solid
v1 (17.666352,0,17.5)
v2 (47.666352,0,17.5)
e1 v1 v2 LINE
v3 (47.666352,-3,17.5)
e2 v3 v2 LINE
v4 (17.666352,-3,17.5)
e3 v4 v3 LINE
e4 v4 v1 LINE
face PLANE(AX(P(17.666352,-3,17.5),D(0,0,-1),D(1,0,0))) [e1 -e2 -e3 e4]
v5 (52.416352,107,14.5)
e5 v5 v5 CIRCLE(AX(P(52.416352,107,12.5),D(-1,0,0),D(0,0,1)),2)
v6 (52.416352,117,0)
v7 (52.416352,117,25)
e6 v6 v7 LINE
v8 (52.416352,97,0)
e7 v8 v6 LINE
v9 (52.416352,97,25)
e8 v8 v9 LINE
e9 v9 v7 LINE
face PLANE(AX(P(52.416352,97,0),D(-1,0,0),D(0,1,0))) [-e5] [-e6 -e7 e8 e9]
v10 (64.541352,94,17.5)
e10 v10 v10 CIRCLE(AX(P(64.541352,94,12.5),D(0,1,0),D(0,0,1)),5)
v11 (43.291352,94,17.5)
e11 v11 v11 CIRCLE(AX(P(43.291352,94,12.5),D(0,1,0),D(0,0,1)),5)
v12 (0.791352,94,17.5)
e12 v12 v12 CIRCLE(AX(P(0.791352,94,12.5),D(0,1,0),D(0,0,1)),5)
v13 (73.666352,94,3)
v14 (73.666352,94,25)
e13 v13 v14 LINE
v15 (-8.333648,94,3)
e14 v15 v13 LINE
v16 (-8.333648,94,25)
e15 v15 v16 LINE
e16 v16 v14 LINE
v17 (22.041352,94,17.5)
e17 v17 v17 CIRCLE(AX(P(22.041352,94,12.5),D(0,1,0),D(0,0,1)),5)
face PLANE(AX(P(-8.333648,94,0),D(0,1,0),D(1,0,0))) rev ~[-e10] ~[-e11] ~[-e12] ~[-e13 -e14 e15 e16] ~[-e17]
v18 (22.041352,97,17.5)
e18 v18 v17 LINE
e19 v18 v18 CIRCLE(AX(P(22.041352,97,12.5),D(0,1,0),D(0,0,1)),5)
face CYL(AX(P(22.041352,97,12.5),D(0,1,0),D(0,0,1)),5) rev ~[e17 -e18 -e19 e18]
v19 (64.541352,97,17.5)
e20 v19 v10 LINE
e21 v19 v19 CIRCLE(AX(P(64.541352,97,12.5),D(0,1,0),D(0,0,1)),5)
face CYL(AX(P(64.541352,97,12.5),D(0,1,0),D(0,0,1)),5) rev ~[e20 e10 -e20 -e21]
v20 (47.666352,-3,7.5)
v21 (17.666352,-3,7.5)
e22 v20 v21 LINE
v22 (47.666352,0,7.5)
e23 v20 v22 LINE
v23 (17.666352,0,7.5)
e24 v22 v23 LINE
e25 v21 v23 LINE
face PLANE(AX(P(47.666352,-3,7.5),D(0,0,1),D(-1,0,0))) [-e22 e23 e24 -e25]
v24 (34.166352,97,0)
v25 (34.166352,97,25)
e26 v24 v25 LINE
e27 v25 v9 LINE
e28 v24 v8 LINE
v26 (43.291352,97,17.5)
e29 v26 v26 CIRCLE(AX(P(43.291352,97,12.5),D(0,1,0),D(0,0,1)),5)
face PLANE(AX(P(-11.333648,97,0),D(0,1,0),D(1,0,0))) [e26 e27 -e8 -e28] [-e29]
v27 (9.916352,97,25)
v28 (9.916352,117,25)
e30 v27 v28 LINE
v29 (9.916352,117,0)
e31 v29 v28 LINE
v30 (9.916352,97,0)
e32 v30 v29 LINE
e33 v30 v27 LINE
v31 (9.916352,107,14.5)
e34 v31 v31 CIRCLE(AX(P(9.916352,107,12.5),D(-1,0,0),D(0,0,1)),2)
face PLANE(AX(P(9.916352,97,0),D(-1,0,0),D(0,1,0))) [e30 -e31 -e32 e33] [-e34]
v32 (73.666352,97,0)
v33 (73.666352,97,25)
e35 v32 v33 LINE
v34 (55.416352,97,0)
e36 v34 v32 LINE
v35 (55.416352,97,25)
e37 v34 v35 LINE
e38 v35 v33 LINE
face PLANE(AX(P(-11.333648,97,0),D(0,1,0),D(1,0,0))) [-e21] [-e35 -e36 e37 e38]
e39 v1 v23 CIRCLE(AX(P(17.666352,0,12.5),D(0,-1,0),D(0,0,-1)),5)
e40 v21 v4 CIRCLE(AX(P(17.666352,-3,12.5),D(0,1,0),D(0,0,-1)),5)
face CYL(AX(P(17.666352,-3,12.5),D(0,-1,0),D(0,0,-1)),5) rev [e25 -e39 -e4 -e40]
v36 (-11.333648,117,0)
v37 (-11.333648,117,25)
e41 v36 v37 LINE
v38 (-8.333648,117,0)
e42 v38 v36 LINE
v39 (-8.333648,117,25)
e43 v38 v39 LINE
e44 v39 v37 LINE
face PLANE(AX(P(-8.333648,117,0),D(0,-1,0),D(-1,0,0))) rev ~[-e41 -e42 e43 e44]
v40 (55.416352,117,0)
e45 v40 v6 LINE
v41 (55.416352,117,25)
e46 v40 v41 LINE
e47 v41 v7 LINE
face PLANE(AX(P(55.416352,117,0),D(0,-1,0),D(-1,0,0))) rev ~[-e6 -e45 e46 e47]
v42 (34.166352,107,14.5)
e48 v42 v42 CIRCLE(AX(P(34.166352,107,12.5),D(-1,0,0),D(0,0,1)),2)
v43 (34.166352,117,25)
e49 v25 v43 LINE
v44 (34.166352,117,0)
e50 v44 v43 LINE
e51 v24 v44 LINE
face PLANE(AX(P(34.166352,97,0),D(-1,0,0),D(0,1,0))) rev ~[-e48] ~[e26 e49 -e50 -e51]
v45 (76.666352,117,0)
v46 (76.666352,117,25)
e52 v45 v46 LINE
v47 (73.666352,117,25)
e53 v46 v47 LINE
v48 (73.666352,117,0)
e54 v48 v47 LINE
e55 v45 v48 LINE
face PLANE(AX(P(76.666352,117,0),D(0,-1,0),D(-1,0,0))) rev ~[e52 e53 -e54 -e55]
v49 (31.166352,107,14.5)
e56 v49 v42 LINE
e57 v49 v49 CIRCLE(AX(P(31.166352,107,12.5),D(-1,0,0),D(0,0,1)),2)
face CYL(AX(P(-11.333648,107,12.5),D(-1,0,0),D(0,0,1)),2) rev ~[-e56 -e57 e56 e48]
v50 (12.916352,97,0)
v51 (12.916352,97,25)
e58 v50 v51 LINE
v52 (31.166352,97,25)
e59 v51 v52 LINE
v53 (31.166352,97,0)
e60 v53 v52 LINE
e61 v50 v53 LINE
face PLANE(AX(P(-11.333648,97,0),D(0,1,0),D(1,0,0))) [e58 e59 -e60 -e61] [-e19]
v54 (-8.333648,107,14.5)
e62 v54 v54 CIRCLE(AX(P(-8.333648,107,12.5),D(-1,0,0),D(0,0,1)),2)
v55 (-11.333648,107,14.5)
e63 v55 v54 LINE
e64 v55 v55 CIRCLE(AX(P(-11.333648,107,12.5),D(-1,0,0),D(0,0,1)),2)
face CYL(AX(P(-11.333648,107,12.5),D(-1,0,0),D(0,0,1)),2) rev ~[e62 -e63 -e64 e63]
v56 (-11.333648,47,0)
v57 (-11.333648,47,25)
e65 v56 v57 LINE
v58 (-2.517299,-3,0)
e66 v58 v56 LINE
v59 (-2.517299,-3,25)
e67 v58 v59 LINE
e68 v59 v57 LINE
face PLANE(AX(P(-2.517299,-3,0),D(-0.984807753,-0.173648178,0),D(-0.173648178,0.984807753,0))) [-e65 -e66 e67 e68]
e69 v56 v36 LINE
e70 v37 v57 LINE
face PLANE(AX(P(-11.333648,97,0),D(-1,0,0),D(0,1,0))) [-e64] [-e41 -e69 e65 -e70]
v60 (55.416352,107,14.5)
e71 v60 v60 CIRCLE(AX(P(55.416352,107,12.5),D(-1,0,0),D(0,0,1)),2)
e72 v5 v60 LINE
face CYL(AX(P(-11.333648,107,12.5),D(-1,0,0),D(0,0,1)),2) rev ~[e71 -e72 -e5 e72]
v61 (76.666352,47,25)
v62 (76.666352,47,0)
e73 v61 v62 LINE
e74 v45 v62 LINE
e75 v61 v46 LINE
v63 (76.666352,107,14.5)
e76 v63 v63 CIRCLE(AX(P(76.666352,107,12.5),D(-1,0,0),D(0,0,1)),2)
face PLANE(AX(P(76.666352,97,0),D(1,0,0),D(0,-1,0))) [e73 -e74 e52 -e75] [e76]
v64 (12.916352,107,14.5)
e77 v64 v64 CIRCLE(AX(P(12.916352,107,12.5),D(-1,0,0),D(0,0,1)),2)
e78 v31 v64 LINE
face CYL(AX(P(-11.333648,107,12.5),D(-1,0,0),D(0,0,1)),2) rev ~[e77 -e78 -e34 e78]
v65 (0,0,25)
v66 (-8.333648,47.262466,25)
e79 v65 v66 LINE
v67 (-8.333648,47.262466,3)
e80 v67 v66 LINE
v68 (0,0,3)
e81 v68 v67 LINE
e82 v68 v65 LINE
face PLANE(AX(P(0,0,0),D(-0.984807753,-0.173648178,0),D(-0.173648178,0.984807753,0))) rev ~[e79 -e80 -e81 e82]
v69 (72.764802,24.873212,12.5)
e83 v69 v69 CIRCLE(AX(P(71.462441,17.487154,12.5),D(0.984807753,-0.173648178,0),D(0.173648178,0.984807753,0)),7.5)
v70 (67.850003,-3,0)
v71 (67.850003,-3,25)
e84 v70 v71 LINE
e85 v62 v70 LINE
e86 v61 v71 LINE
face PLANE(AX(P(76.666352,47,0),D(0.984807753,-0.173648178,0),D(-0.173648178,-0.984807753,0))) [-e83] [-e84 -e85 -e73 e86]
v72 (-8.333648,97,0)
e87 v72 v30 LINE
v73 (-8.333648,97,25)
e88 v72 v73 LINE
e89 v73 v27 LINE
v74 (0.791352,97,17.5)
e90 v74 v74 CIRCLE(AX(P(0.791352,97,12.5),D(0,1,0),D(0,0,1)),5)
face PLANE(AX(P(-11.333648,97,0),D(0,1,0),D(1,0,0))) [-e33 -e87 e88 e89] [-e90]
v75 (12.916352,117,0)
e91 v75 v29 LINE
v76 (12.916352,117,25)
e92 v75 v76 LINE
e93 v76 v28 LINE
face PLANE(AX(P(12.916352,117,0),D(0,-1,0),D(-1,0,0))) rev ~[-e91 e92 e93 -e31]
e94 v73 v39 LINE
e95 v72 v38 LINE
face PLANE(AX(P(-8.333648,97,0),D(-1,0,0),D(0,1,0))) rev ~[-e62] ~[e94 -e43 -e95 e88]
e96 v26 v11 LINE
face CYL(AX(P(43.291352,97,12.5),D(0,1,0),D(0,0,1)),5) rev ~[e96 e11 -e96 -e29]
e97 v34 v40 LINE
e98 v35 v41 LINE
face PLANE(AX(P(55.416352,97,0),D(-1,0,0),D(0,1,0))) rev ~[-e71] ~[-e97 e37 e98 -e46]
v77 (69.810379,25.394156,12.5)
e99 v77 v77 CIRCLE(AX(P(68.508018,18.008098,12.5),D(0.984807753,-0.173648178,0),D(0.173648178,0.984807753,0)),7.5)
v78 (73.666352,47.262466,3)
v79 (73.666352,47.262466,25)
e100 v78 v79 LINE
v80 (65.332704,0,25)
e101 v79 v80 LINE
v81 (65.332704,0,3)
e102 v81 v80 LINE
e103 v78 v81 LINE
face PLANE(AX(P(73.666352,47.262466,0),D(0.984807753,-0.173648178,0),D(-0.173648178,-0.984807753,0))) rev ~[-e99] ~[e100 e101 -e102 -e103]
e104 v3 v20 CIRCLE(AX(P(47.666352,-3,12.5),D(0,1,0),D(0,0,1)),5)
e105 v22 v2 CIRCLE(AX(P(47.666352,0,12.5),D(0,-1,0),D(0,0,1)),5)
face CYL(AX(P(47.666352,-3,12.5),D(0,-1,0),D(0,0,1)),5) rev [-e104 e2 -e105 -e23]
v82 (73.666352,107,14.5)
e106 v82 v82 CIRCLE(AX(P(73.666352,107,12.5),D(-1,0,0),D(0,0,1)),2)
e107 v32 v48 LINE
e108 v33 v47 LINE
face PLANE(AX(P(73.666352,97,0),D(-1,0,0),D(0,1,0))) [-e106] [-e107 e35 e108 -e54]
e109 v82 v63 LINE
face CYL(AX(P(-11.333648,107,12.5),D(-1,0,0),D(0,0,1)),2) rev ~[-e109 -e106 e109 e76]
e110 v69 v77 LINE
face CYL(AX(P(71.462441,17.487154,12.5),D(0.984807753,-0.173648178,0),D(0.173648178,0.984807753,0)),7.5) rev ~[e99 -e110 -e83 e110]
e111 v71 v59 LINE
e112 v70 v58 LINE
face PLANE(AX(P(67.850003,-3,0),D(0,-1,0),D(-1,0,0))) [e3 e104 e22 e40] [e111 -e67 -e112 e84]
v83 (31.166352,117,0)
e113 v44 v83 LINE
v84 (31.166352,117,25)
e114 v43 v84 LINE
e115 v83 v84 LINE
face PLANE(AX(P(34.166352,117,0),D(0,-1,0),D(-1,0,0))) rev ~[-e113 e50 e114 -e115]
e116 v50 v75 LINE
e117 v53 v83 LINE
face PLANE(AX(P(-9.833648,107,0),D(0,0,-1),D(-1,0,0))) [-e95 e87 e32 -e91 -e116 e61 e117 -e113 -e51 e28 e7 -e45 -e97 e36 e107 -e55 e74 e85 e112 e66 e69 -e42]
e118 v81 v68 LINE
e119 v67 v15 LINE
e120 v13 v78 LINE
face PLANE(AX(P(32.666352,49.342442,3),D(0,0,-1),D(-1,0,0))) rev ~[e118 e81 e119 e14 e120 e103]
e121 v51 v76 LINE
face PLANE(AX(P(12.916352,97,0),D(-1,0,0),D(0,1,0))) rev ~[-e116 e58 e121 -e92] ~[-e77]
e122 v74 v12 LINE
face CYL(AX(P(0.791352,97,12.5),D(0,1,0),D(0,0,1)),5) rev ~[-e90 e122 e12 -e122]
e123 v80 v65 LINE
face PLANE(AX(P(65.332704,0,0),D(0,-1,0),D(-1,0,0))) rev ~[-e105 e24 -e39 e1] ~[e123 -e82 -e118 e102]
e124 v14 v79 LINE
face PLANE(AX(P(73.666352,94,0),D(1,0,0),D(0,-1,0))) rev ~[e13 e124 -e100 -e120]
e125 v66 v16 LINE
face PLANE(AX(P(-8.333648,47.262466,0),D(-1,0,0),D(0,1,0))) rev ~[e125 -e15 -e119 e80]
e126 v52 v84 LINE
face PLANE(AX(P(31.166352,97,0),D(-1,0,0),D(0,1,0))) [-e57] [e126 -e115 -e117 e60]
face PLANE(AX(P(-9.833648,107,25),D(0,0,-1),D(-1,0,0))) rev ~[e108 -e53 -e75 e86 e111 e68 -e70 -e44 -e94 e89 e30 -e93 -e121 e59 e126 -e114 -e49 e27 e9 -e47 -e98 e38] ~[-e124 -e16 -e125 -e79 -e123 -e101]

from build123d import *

# Parameters (mm, degrees)
BOSS_EXTRUDE2_DEPTH = 3
BOSS_EXTRUDE3_DEPTH = 25
SKETCH3_W           = 3
SKETCH3_H           = 20
BOSS_EXTRUDE4_DEPTH = 25
SKETCH4_R           = 7.5
CUT_EXTRUDE1_DEPTH  = 6
CUT_EXTRUDE2_DEPTH  = 6
SKETCH6_R           = 5
CUT_EXTRUDE3_DEPTH  = 6
SKETCH7_R           = 2
CUT_EXTRUDE4_DEPTH  = 153


with BuildPart() as part:
    # Sketch2 → Boss-Extrude2 (new body)
    # profile 1 of 2: a face of its own
    with BuildSketch(Plane.XY):
        Polygon((-11.333647929, 47), (-11.333647929, 97), (76.666352071, 97), (76.666352071, 47), (67.850003036, -3), (-2.517298894, -3), align=None)
        Polygon((0, 0), (-8.333647929, 47.262465991), (-8.333647929, 94), (73.666352071, 94), (73.666352071, 47.262465991), (65.332704142, 0), align=None, mode=Mode.SUBTRACT)
    # profile 2 of 2: a face of its own
    with BuildSketch(Plane.XY):
        Polygon((-8.333647929, 47.262465991), (-8.333647929, 94), (73.666352071, 94), (73.666352071, 47.262465991), (65.332704142, 0), (0, 0), align=None)
    extrude(amount=BOSS_EXTRUDE2_DEPTH)

    # Sketch2<4> → Boss-Extrude3 (add)
    with BuildSketch(Plane.XY):
        Polygon((-11.333647929, 97), (76.666352071, 97), (76.666352071, 47), (67.850003036, -3), (-2.517298894, -3), (-11.333647929, 47), align=None)
        Polygon((-8.333647929, 94), (73.666352071, 94), (73.666352071, 47.262465991), (65.332704142, 0), (0, 0), (-8.333647929, 47.262465991), align=None, mode=Mode.SUBTRACT)
    extrude(amount=BOSS_EXTRUDE3_DEPTH)

    # Sketch3 → Boss-Extrude4 (add)
    with BuildSketch(Plane(origin=(0, 0, 0), x_dir=(-1, 0, 0), z_dir=(0, 0, -1))):
        with Locations((9.833647929, 107)):
            Rectangle(SKETCH3_W, SKETCH3_H)
        with Locations((-11.416352071, 107)):
            Rectangle(SKETCH3_W, SKETCH3_H)
        with Locations((-32.666352071, 107)):
            Rectangle(SKETCH3_W, SKETCH3_H)
        with Locations((-53.916352071, 107)):
            Rectangle(SKETCH3_W, SKETCH3_H)
        with Locations((-75.166352071, 107)):
            Rectangle(SKETCH3_W, SKETCH3_H)
    extrude(amount=-BOSS_EXTRUDE4_DEPTH)

    # Sketch4 → Cut-Extrude1 (cut)
    with BuildSketch(Plane(origin=(66.317105319, -11.69349495, 0), x_dir=(0, 0, -1), z_dir=(0.9848077530122088, -0.17364817766692645, 0))):
        with Locations(Location((-12.5, 29.630807288, 0), (0, 0, 90))):
            Circle(SKETCH4_R)
    extrude(amount=-CUT_EXTRUDE1_DEPTH, mode=Mode.SUBTRACT)

    # Sketch5 → Cut-Extrude2 (cut)
    with BuildSketch(Plane.XZ.offset(3)):
        with BuildLine():
            Line((47.666352071, 7.5), (17.666352071, 7.5))
            ThreePointArc((17.666352071, 7.5), (12.666352071, 12.5), (17.666352071, 17.5))
            Line((17.666352071, 17.5), (47.666352071, 17.5))
            ThreePointArc((47.666352071, 17.5), (52.666352071, 12.5), (47.666352071, 7.5))
        make_face()
    extrude(amount=-CUT_EXTRUDE2_DEPTH, mode=Mode.SUBTRACT)

    # Sketch6 → Cut-Extrude3 (cut)
    with BuildSketch(Plane(origin=(0, 97, 0), x_dir=(1, 0, 0), z_dir=(0, 1, 0))):
        with Locations(Location((0.791352071, -12.5, 0), (0, 0, 270))):
            Circle(SKETCH6_R)
        with Locations(Location((22.041352071, -12.5, 0), (0, 0, 270))):
            Circle(SKETCH6_R)
        with Locations(Location((43.291352071, -12.5, 0), (0, 0, 270))):
            Circle(SKETCH6_R)
        with Locations(Location((64.541352071, -12.5, 0), (0, 0, 270))):
            Circle(SKETCH6_R)
    extrude(amount=-CUT_EXTRUDE3_DEPTH, mode=Mode.SUBTRACT)

    # Sketch7 → Cut-Extrude4 (cut)
    with BuildSketch(Plane.ZY.offset(11.333647929)):
        with Locations((12.5, 107)):
            Circle(SKETCH7_R)
    extrude(amount=-CUT_EXTRUDE4_DEPTH, mode=Mode.SUBTRACT)


solid = part.part
